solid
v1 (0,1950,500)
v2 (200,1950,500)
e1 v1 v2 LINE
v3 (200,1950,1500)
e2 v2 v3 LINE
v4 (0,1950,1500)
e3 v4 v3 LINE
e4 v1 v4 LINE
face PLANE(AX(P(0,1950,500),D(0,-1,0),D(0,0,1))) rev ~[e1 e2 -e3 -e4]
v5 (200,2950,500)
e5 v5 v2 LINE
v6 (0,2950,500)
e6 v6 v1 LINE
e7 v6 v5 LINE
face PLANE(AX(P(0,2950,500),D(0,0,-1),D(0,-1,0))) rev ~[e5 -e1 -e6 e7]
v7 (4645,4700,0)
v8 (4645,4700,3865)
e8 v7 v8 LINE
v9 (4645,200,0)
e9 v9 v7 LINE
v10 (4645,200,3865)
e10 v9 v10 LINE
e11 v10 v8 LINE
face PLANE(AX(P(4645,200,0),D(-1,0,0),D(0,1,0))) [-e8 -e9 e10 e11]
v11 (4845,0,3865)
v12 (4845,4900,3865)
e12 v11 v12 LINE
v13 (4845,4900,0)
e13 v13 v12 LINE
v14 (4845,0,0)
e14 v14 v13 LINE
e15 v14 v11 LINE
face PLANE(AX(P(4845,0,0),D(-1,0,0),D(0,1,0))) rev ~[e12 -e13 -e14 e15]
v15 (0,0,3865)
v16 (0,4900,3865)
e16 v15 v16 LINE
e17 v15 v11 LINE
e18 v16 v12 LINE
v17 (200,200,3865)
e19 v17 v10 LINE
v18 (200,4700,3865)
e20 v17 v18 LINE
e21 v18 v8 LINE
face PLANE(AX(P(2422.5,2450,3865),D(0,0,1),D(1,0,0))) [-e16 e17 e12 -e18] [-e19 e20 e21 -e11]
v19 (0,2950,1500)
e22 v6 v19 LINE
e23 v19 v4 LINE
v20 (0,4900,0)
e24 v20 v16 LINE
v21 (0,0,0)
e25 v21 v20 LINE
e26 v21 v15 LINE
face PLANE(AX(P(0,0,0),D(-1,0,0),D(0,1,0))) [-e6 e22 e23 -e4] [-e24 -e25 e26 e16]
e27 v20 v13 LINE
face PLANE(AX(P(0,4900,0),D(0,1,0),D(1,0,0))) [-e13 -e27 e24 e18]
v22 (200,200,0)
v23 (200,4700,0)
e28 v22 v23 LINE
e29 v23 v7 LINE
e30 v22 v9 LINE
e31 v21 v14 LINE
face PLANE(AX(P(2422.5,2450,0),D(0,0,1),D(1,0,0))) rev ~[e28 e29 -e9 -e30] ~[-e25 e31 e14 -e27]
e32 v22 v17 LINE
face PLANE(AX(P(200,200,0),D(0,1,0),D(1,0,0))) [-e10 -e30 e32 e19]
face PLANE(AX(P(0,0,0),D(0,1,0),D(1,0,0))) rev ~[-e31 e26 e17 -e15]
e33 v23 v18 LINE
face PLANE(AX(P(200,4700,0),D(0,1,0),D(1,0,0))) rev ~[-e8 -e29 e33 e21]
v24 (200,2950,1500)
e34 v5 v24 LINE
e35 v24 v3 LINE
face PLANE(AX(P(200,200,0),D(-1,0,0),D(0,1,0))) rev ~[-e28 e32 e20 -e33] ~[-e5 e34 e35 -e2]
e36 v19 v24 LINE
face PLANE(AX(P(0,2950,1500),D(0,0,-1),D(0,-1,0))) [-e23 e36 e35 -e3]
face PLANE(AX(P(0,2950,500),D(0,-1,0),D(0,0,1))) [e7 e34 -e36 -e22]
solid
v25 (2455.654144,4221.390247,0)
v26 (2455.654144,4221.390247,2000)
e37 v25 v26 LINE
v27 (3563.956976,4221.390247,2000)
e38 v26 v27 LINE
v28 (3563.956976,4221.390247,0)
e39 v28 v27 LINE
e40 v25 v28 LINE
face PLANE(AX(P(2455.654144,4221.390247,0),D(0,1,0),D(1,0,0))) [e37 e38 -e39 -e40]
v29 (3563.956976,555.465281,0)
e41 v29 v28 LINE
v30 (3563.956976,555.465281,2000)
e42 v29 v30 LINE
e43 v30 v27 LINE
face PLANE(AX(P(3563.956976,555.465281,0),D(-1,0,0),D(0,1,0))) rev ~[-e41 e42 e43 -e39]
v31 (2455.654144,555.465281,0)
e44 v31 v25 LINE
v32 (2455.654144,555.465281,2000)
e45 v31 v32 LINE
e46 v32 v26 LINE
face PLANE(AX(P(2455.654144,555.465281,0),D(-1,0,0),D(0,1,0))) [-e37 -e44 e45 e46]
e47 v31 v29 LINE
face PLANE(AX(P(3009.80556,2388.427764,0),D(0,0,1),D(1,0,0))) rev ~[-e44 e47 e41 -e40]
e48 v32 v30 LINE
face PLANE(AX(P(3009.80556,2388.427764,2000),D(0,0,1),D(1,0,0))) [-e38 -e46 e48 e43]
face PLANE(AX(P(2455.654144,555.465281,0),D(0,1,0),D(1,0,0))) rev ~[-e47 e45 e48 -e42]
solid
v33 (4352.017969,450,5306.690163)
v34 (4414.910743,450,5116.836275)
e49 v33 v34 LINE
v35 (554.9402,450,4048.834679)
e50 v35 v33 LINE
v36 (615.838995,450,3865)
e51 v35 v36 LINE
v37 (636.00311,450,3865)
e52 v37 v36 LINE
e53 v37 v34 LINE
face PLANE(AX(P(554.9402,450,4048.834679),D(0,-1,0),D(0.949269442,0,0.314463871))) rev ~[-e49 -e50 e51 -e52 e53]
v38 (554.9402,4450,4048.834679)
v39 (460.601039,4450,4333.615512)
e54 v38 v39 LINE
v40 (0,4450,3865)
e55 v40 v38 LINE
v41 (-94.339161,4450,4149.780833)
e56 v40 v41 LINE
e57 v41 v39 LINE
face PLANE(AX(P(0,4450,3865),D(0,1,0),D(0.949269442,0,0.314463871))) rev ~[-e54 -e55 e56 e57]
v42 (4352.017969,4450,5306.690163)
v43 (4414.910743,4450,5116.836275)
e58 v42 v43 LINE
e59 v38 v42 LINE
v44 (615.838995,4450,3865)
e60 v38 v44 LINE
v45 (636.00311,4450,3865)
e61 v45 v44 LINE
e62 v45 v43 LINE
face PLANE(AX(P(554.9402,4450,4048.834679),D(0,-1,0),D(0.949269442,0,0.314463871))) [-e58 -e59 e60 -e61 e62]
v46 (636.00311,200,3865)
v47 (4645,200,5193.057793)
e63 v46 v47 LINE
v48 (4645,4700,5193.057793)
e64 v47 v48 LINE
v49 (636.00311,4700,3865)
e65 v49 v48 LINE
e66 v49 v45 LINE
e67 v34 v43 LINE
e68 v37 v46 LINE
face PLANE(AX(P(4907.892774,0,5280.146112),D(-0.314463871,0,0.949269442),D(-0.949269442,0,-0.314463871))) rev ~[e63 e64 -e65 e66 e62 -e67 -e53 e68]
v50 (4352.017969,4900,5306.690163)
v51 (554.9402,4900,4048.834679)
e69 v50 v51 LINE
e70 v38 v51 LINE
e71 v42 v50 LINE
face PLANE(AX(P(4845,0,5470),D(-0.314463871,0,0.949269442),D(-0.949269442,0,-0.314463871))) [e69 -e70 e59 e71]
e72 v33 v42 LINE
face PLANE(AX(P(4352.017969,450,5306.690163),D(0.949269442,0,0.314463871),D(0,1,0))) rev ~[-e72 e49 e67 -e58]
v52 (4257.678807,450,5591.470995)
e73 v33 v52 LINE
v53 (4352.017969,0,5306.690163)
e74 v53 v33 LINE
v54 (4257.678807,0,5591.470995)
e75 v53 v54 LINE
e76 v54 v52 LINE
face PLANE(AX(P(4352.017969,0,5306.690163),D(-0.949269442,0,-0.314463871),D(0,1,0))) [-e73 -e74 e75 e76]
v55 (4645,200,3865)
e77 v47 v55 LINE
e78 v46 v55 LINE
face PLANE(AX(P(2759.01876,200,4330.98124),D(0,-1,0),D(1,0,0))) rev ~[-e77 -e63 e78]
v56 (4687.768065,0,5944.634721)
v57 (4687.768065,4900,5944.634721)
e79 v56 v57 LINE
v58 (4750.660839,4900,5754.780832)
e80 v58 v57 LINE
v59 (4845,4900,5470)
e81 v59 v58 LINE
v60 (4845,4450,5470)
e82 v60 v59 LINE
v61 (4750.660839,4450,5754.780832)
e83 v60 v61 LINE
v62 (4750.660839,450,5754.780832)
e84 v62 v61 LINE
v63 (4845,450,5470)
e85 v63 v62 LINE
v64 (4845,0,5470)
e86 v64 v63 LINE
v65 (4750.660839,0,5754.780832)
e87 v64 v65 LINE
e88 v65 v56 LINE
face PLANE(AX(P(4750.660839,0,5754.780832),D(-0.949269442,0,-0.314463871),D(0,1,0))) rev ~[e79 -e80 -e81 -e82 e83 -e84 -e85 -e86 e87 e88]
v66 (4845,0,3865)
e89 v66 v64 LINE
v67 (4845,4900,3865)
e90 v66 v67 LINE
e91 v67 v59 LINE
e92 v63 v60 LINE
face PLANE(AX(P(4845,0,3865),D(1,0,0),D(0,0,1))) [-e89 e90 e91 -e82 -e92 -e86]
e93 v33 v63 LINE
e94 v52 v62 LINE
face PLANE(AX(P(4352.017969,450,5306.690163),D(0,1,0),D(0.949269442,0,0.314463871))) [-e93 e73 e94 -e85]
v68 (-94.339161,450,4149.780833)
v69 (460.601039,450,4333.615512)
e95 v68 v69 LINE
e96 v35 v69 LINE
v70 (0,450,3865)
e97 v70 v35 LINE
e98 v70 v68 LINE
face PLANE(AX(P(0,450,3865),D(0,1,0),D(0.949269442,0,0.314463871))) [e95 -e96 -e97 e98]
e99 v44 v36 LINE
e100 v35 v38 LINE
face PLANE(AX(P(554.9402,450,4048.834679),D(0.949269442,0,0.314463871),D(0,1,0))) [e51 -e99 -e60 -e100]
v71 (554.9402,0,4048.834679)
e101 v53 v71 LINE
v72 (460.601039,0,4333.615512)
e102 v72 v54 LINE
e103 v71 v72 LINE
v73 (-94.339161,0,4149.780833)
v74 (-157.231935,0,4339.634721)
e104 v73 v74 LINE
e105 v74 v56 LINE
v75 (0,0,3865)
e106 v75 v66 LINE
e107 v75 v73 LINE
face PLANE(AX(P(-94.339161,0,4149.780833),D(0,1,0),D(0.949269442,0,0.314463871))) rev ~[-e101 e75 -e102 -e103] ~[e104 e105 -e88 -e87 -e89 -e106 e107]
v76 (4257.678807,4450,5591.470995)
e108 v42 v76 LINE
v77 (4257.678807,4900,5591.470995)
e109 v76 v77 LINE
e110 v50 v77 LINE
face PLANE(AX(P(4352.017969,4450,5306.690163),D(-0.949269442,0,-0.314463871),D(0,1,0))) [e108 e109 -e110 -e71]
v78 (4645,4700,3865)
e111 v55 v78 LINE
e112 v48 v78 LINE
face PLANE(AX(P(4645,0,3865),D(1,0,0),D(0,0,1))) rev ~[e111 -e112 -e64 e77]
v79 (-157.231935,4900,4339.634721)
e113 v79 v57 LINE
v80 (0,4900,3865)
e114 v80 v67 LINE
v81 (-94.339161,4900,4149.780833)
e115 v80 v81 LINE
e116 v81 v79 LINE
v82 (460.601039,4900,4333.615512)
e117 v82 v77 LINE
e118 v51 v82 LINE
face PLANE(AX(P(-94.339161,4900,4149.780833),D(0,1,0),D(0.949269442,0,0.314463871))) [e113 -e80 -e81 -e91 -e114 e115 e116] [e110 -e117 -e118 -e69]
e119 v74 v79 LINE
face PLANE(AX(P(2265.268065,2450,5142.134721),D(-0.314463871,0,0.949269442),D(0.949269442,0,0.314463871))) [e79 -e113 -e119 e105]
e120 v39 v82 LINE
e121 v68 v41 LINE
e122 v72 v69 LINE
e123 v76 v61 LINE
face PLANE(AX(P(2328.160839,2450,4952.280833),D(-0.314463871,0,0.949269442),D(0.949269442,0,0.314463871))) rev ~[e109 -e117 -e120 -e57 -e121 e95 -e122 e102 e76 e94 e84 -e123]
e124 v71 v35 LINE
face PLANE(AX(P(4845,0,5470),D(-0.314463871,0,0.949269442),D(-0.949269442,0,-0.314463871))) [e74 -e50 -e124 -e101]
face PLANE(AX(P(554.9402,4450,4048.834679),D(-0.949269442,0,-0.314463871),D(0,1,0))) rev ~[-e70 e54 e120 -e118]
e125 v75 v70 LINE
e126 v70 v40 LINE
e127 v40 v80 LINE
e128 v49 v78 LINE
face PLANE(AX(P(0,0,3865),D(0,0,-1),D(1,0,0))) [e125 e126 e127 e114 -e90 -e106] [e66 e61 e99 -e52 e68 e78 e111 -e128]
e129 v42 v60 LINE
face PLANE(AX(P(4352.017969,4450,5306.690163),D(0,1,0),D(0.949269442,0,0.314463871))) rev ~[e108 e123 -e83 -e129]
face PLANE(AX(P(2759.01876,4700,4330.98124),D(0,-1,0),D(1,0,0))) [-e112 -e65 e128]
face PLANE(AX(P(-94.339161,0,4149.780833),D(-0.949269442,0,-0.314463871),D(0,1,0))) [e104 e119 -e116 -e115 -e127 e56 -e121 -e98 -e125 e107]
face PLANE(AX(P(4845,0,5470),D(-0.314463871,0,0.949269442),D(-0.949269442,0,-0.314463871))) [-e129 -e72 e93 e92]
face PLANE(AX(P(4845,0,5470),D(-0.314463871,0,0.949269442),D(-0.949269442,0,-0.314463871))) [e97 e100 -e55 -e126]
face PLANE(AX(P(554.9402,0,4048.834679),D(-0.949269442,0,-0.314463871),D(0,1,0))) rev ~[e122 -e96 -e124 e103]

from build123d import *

# Parameters (mm, degrees)
F0_W      = 4845
F0_H      = 4900
F0_W_2    = 4445
F0_H_2    = 4500
F1_DEPTH  = 3865
F2_W      = 1000
F2_H      = 1000
F3_DEPTH  = 250
F5_DEPTH  = 4900
F6_T      = -200
F7_W      = 4000
F7_H      = 4000
F8_DEPTH  = 800
F9_W      = 584.5971388106
F9_H      = 450
F9_W_2    = 519.3278214528
F10_DEPTH = 300
F11_W     = 5103.9249602634
F11_H     = 4900
F12_DEPTH = 200
F0_W_3    = 1108.3028316498
F0_H_3    = 3665.9249663353
F13_DEPTH = 2000


with BuildPart() as f1:
    # F0 (on Top) → F1 (new body)
    with BuildSketch(Plane.XY):
        with Locations((2422.5, 2450)):
            Rectangle(F0_W, F0_H)
        with Locations((2422.5, 2450)):
            Rectangle(F0_W_2, F0_H_2, mode=Mode.SUBTRACT)
    extrude(amount=F1_DEPTH)

    # F2 (on face) → F3 (cut)
    with BuildSketch(Plane(origin=(0, 0, 0), x_dir=(0, -1, 0), z_dir=(-1, 0, 0))):
        with Locations((-2450, 1000)):
            Rectangle(F2_W, F2_H)
    extrude(amount=-F3_DEPTH, mode=Mode.SUBTRACT)


with BuildPart() as f5:
    # F4 (on face) → F5 (new body)
    with BuildSketch(Plane.XZ):
        Polygon((4845, 5470), (0, 3865), (4845, 3865), align=None)
    extrude(amount=-F5_DEPTH)

    # F6
    f6_openings = [f5.faces().sort_by_distance(p)[0] for p in [
        (2422.5, 2450, 3865),
    ]]
    offset(amount=F6_T, openings=f6_openings)

    # F7 (on face) → F8 (cut)
    with BuildSketch(Plane(origin=(-1153.7447960752, 0, 3482.7997115169), x_dir=(0.9492694422, 0, 0.3144638709), z_dir=(-0.3144638709, 0, 0.9492694422))):
        with Locations((3800, 2450)):
            Rectangle(F7_W, F7_H)
    extrude(amount=-F8_DEPTH, mode=Mode.SUBTRACT)

    # F9 (on face) → F10 (join)
    with BuildSketch(Plane(origin=(-1153.7447960752, 0, 3482.7997115169), x_dir=(0.9492694422, 0, 0.3144638709), z_dir=(-0.3144638709, 0, 0.9492694422))):
        with Locations((1507.7014305947, 4675)):
            Rectangle(F9_W, F9_H)
        with Locations((1507.7014305947, 225)):
            Rectangle(F9_W, F9_H)
        with Locations((6059.6639107264, 225)):
            Rectangle(F9_W_2, F9_H)
        with Locations((6059.6639107264, 4675)):
            Rectangle(F9_W_2, F9_H)
    extrude(amount=F10_DEPTH)

    # F11 (on face) → F12 (join)
    with BuildSketch(Plane(origin=(-1248.0839573577, 0, 3767.5805441733), x_dir=(0.9492694422, 0, 0.3144638709), z_dir=(-0.3144638709, 0, 0.9492694422))):
        with Locations((3767.3653413211, 2450)):
            Rectangle(F11_W, F11_H)
    extrude(amount=F12_DEPTH)


with BuildPart() as f13:
    # F0 (on Top) → F13 (new body)
    with BuildSketch(Plane.XY):
        with Locations((3009.805560112, 2388.4277641773)):
            Rectangle(F0_W_3, F0_H_3)
    extrude(amount=F13_DEPTH)


solid = Compound([f1.part, f5.part, f13.part])
